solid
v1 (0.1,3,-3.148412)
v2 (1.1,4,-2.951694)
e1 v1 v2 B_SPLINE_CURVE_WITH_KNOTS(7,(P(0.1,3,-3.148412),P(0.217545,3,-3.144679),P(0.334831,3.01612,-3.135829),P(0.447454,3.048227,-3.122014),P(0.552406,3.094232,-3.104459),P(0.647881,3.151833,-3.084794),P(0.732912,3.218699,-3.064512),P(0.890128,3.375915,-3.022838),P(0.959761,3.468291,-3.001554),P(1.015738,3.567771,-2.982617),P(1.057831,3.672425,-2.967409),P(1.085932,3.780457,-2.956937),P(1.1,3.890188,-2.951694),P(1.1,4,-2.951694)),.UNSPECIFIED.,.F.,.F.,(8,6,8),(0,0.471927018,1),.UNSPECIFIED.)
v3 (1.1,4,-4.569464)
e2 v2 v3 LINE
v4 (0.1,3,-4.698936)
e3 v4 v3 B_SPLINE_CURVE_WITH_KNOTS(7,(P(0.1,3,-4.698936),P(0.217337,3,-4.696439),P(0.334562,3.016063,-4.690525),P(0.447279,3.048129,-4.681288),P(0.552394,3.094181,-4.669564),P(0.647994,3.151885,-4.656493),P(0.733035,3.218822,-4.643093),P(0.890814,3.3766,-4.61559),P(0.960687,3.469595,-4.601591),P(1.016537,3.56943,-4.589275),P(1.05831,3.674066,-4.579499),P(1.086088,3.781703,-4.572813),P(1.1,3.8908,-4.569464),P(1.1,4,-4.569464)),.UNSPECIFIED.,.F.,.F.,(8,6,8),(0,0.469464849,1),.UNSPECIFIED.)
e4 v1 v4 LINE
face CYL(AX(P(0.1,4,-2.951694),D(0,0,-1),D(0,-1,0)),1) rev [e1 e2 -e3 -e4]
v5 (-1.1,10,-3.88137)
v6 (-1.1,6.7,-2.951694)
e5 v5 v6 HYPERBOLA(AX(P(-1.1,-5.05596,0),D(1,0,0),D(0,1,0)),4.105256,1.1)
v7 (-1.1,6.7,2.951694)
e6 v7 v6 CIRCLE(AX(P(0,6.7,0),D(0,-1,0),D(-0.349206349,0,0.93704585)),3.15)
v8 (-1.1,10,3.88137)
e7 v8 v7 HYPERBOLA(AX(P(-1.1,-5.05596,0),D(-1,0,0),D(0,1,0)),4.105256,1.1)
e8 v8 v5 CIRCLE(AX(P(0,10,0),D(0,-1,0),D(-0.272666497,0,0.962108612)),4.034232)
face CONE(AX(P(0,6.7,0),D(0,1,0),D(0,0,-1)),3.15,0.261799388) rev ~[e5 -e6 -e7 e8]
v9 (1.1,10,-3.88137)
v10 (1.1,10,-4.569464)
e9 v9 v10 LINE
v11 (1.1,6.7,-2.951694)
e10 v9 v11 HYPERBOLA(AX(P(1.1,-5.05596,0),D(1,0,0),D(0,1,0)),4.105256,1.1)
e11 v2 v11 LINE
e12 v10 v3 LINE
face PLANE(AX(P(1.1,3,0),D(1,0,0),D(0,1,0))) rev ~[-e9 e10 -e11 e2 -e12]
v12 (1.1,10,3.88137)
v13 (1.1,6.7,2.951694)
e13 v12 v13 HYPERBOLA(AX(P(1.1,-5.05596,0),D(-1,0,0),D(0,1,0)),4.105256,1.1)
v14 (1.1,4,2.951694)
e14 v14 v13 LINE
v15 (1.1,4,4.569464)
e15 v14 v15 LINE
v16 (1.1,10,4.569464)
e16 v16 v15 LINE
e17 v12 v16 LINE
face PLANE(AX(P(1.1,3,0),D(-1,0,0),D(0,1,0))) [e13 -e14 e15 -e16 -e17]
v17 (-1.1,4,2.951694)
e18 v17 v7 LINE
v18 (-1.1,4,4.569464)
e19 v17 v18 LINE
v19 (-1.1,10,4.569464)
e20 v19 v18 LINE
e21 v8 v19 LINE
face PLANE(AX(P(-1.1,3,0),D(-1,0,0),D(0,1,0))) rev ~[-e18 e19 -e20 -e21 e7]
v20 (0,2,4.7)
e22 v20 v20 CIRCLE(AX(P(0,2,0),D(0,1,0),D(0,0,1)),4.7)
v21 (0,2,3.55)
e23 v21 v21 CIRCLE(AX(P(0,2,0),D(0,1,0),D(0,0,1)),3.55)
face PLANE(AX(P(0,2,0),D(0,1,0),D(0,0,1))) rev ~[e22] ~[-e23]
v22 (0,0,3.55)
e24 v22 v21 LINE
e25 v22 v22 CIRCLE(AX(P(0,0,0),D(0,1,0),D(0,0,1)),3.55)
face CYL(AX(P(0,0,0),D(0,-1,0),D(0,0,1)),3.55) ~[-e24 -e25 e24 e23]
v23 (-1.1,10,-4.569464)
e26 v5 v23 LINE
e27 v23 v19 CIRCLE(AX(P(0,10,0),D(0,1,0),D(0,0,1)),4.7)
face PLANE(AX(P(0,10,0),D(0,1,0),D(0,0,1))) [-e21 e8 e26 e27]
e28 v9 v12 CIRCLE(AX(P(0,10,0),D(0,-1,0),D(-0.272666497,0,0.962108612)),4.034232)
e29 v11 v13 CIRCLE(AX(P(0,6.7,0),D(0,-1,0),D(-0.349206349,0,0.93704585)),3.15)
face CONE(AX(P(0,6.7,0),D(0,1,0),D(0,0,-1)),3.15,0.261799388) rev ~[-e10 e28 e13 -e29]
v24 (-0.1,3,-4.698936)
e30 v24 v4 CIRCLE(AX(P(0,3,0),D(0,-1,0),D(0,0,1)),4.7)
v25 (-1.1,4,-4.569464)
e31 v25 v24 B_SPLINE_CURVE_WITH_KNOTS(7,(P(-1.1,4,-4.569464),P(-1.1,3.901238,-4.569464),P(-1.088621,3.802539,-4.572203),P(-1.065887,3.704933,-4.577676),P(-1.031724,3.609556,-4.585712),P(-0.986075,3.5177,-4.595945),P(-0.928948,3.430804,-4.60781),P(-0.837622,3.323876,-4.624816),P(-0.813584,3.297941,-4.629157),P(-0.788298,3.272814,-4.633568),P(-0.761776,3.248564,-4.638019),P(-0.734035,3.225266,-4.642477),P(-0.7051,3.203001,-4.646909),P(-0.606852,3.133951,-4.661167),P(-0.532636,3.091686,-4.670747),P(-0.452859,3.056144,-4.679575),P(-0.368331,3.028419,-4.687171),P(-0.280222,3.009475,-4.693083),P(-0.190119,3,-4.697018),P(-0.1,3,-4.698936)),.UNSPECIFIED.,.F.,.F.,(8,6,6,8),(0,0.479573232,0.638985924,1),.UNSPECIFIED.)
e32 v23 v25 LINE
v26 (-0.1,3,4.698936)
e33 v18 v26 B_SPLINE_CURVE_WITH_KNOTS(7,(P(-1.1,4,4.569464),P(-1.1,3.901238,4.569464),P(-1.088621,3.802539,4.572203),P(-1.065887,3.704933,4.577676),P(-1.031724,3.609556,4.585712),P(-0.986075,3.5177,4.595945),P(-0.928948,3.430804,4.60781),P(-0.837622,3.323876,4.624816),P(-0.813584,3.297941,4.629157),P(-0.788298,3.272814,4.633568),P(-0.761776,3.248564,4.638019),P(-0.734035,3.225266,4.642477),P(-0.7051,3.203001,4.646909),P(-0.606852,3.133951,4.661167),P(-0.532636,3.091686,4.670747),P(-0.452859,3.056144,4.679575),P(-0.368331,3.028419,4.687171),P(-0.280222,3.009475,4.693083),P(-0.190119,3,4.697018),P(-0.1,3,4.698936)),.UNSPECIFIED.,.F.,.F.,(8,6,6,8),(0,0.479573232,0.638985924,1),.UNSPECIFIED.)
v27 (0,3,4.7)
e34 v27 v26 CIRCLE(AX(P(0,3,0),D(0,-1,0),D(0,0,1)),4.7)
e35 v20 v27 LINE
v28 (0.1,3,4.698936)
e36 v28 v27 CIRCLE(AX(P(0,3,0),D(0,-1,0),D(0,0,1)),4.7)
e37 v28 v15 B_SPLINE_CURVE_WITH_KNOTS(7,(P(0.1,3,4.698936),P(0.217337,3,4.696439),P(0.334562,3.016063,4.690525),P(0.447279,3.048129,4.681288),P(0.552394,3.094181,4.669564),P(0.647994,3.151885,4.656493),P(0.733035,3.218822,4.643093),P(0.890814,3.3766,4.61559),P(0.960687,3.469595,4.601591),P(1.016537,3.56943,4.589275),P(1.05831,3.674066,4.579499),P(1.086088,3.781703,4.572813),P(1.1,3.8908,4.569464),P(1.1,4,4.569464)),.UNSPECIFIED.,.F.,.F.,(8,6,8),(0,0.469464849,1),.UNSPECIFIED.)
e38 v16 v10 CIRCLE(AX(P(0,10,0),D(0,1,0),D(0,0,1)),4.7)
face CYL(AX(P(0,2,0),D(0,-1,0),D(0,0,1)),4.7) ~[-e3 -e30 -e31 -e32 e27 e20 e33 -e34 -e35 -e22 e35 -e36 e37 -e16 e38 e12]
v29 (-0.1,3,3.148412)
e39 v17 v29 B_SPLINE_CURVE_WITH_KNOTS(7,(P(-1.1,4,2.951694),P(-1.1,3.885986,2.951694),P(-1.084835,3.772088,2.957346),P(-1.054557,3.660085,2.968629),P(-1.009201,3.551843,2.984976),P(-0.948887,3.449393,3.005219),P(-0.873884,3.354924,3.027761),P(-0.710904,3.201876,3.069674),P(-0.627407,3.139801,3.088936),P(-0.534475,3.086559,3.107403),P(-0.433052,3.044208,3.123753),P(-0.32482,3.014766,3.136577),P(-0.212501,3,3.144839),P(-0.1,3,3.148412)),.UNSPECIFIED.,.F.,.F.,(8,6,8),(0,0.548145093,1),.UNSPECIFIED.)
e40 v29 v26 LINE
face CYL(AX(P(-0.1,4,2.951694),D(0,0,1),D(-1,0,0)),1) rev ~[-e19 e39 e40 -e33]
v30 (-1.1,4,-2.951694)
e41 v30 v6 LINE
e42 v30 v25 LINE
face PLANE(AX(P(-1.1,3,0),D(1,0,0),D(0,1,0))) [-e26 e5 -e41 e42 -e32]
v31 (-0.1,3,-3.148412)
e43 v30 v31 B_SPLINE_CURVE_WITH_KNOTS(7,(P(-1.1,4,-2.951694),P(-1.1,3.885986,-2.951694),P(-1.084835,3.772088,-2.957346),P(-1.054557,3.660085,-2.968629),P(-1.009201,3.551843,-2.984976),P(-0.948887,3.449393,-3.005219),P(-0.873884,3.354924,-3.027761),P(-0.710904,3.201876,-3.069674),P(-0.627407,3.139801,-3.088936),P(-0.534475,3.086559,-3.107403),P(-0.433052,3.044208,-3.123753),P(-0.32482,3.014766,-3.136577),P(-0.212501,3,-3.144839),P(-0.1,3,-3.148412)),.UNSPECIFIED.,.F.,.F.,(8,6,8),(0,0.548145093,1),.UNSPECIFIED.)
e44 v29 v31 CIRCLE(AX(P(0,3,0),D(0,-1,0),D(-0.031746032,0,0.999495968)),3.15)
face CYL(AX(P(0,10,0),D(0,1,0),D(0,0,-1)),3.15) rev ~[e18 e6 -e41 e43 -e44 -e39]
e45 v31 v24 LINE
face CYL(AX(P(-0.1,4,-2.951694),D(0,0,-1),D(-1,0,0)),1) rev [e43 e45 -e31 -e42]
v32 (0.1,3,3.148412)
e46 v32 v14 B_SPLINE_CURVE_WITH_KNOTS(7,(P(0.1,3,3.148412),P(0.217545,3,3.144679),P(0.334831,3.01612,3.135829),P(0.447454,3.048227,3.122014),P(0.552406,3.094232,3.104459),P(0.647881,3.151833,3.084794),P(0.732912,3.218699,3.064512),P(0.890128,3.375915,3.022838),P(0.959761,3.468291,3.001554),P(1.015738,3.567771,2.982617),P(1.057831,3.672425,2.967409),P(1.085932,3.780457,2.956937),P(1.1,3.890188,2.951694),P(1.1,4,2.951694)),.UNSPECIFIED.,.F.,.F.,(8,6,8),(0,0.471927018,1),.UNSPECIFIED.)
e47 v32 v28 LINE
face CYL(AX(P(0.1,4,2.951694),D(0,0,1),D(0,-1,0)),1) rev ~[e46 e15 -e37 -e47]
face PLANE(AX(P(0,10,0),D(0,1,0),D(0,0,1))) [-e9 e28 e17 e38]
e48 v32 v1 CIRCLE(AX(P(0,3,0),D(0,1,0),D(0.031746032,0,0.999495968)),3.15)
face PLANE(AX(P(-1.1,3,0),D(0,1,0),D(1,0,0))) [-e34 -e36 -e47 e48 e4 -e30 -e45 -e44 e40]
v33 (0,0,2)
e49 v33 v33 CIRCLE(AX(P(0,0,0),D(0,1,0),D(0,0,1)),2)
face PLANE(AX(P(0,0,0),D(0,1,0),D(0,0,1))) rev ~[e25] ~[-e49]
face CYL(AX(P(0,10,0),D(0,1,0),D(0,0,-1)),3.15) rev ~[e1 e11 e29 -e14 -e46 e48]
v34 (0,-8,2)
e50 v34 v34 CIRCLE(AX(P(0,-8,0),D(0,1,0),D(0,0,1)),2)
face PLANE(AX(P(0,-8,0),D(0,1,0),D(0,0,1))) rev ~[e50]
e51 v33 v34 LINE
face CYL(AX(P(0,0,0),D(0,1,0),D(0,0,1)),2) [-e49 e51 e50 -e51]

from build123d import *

# Parameters (mm, degrees)
SKETCH1_R               = 2
BOSS_EXTRUDE1_DEPTH     = 8
SKETCH1_3_R             = 3.55
BOSS_EXTRUDE2_DEPTH     = 2
SKETCH2_R               = 4.7
BOSS_EXTRUDE3_DEPTH     = 8
CUT_EXTRUDE1_DEPTH      = 20.188017094
CUT_EXTRUDE1_DEPTH_BACK = 7
SKETCH3_R               = 3.15
CHAMFER1_SIZE           = 3.3
CHAMFER1_SIZE2          = 0.884232335
CUT_EXTRUDE2_DEPTH      = 13.007497658
CUT_EXTRUDE2_DEPTH_BACK = 13.007497658
SKETCH4_W               = 2.2
SKETCH4_H               = 7
FILLET1_R               = 1


with BuildPart() as part:
    # Sketch1 → Boss-Extrude1 (new body)
    with BuildSketch(Plane(origin=(0, 0, 0), x_dir=(1, 0, 0), z_dir=(0, 1, 0))):
        Circle(SKETCH1_R)
    extrude(amount=-BOSS_EXTRUDE1_DEPTH)

    # Sketch1<3> → Boss-Extrude2 (add)
    with BuildSketch(Plane(origin=(0, 0, 0), x_dir=(1, 0, 0), z_dir=(0, 1, 0))):
        Circle(SKETCH1_3_R)
    extrude(amount=BOSS_EXTRUDE2_DEPTH)

    # Sketch2 → Boss-Extrude3 (add)
    with BuildSketch(Plane(origin=(0, 2, 0), x_dir=(1, 0, 0), z_dir=(0, 1, 0))):
        Circle(SKETCH2_R)
    extrude(amount=BOSS_EXTRUDE3_DEPTH)

    # Sketch3 → Cut-Extrude1 (cut, two sides: drawn at the far end of the back side and taken through both)
    with BuildSketch(Plane(origin=(0, 10, 0), x_dir=(1, 0, 0), z_dir=(0, 1, 0)).offset(-CUT_EXTRUDE1_DEPTH_BACK)):
        Circle(SKETCH3_R)
    extrude(amount=CUT_EXTRUDE1_DEPTH + CUT_EXTRUDE1_DEPTH_BACK, mode=Mode.SUBTRACT)

    # Chamfer1
    chamfer1_edges = [part.edges().sort_by_distance(p)[0] for p in [
        (-3.15, 10, 0),
    ]]
    chamfer1_side = [part.faces().sort_by_distance(p)[0] for p in [
        (-3.15, 6.5, 0),
    ]]
    chamfer(chamfer1_edges, length=CHAMFER1_SIZE, length2=CHAMFER1_SIZE2, reference=chamfer1_side[0])

    # Sketch4 → Cut-Extrude2 (cut, two sides: drawn at the far end of the back side and taken through both)
    with BuildSketch(Plane.XY.offset(-CUT_EXTRUDE2_DEPTH_BACK)):
        with Locations((0, 6.5)):
            Rectangle(SKETCH4_W, SKETCH4_H)
    extrude(amount=CUT_EXTRUDE2_DEPTH + CUT_EXTRUDE2_DEPTH_BACK, mode=Mode.SUBTRACT)

    # Fillet1
    fillet1_edges = [part.edges().sort_by_distance(p)[0] for p in [
        (1.1, 3, -3.760579146),
        (-1.1, 3, -3.760579146),
        (1.1, 3, 3.760579146),
        (-1.1, 3, 3.760579146),
    ]]
    fillet(fillet1_edges, radius=FILLET1_R)


solid = part.part
